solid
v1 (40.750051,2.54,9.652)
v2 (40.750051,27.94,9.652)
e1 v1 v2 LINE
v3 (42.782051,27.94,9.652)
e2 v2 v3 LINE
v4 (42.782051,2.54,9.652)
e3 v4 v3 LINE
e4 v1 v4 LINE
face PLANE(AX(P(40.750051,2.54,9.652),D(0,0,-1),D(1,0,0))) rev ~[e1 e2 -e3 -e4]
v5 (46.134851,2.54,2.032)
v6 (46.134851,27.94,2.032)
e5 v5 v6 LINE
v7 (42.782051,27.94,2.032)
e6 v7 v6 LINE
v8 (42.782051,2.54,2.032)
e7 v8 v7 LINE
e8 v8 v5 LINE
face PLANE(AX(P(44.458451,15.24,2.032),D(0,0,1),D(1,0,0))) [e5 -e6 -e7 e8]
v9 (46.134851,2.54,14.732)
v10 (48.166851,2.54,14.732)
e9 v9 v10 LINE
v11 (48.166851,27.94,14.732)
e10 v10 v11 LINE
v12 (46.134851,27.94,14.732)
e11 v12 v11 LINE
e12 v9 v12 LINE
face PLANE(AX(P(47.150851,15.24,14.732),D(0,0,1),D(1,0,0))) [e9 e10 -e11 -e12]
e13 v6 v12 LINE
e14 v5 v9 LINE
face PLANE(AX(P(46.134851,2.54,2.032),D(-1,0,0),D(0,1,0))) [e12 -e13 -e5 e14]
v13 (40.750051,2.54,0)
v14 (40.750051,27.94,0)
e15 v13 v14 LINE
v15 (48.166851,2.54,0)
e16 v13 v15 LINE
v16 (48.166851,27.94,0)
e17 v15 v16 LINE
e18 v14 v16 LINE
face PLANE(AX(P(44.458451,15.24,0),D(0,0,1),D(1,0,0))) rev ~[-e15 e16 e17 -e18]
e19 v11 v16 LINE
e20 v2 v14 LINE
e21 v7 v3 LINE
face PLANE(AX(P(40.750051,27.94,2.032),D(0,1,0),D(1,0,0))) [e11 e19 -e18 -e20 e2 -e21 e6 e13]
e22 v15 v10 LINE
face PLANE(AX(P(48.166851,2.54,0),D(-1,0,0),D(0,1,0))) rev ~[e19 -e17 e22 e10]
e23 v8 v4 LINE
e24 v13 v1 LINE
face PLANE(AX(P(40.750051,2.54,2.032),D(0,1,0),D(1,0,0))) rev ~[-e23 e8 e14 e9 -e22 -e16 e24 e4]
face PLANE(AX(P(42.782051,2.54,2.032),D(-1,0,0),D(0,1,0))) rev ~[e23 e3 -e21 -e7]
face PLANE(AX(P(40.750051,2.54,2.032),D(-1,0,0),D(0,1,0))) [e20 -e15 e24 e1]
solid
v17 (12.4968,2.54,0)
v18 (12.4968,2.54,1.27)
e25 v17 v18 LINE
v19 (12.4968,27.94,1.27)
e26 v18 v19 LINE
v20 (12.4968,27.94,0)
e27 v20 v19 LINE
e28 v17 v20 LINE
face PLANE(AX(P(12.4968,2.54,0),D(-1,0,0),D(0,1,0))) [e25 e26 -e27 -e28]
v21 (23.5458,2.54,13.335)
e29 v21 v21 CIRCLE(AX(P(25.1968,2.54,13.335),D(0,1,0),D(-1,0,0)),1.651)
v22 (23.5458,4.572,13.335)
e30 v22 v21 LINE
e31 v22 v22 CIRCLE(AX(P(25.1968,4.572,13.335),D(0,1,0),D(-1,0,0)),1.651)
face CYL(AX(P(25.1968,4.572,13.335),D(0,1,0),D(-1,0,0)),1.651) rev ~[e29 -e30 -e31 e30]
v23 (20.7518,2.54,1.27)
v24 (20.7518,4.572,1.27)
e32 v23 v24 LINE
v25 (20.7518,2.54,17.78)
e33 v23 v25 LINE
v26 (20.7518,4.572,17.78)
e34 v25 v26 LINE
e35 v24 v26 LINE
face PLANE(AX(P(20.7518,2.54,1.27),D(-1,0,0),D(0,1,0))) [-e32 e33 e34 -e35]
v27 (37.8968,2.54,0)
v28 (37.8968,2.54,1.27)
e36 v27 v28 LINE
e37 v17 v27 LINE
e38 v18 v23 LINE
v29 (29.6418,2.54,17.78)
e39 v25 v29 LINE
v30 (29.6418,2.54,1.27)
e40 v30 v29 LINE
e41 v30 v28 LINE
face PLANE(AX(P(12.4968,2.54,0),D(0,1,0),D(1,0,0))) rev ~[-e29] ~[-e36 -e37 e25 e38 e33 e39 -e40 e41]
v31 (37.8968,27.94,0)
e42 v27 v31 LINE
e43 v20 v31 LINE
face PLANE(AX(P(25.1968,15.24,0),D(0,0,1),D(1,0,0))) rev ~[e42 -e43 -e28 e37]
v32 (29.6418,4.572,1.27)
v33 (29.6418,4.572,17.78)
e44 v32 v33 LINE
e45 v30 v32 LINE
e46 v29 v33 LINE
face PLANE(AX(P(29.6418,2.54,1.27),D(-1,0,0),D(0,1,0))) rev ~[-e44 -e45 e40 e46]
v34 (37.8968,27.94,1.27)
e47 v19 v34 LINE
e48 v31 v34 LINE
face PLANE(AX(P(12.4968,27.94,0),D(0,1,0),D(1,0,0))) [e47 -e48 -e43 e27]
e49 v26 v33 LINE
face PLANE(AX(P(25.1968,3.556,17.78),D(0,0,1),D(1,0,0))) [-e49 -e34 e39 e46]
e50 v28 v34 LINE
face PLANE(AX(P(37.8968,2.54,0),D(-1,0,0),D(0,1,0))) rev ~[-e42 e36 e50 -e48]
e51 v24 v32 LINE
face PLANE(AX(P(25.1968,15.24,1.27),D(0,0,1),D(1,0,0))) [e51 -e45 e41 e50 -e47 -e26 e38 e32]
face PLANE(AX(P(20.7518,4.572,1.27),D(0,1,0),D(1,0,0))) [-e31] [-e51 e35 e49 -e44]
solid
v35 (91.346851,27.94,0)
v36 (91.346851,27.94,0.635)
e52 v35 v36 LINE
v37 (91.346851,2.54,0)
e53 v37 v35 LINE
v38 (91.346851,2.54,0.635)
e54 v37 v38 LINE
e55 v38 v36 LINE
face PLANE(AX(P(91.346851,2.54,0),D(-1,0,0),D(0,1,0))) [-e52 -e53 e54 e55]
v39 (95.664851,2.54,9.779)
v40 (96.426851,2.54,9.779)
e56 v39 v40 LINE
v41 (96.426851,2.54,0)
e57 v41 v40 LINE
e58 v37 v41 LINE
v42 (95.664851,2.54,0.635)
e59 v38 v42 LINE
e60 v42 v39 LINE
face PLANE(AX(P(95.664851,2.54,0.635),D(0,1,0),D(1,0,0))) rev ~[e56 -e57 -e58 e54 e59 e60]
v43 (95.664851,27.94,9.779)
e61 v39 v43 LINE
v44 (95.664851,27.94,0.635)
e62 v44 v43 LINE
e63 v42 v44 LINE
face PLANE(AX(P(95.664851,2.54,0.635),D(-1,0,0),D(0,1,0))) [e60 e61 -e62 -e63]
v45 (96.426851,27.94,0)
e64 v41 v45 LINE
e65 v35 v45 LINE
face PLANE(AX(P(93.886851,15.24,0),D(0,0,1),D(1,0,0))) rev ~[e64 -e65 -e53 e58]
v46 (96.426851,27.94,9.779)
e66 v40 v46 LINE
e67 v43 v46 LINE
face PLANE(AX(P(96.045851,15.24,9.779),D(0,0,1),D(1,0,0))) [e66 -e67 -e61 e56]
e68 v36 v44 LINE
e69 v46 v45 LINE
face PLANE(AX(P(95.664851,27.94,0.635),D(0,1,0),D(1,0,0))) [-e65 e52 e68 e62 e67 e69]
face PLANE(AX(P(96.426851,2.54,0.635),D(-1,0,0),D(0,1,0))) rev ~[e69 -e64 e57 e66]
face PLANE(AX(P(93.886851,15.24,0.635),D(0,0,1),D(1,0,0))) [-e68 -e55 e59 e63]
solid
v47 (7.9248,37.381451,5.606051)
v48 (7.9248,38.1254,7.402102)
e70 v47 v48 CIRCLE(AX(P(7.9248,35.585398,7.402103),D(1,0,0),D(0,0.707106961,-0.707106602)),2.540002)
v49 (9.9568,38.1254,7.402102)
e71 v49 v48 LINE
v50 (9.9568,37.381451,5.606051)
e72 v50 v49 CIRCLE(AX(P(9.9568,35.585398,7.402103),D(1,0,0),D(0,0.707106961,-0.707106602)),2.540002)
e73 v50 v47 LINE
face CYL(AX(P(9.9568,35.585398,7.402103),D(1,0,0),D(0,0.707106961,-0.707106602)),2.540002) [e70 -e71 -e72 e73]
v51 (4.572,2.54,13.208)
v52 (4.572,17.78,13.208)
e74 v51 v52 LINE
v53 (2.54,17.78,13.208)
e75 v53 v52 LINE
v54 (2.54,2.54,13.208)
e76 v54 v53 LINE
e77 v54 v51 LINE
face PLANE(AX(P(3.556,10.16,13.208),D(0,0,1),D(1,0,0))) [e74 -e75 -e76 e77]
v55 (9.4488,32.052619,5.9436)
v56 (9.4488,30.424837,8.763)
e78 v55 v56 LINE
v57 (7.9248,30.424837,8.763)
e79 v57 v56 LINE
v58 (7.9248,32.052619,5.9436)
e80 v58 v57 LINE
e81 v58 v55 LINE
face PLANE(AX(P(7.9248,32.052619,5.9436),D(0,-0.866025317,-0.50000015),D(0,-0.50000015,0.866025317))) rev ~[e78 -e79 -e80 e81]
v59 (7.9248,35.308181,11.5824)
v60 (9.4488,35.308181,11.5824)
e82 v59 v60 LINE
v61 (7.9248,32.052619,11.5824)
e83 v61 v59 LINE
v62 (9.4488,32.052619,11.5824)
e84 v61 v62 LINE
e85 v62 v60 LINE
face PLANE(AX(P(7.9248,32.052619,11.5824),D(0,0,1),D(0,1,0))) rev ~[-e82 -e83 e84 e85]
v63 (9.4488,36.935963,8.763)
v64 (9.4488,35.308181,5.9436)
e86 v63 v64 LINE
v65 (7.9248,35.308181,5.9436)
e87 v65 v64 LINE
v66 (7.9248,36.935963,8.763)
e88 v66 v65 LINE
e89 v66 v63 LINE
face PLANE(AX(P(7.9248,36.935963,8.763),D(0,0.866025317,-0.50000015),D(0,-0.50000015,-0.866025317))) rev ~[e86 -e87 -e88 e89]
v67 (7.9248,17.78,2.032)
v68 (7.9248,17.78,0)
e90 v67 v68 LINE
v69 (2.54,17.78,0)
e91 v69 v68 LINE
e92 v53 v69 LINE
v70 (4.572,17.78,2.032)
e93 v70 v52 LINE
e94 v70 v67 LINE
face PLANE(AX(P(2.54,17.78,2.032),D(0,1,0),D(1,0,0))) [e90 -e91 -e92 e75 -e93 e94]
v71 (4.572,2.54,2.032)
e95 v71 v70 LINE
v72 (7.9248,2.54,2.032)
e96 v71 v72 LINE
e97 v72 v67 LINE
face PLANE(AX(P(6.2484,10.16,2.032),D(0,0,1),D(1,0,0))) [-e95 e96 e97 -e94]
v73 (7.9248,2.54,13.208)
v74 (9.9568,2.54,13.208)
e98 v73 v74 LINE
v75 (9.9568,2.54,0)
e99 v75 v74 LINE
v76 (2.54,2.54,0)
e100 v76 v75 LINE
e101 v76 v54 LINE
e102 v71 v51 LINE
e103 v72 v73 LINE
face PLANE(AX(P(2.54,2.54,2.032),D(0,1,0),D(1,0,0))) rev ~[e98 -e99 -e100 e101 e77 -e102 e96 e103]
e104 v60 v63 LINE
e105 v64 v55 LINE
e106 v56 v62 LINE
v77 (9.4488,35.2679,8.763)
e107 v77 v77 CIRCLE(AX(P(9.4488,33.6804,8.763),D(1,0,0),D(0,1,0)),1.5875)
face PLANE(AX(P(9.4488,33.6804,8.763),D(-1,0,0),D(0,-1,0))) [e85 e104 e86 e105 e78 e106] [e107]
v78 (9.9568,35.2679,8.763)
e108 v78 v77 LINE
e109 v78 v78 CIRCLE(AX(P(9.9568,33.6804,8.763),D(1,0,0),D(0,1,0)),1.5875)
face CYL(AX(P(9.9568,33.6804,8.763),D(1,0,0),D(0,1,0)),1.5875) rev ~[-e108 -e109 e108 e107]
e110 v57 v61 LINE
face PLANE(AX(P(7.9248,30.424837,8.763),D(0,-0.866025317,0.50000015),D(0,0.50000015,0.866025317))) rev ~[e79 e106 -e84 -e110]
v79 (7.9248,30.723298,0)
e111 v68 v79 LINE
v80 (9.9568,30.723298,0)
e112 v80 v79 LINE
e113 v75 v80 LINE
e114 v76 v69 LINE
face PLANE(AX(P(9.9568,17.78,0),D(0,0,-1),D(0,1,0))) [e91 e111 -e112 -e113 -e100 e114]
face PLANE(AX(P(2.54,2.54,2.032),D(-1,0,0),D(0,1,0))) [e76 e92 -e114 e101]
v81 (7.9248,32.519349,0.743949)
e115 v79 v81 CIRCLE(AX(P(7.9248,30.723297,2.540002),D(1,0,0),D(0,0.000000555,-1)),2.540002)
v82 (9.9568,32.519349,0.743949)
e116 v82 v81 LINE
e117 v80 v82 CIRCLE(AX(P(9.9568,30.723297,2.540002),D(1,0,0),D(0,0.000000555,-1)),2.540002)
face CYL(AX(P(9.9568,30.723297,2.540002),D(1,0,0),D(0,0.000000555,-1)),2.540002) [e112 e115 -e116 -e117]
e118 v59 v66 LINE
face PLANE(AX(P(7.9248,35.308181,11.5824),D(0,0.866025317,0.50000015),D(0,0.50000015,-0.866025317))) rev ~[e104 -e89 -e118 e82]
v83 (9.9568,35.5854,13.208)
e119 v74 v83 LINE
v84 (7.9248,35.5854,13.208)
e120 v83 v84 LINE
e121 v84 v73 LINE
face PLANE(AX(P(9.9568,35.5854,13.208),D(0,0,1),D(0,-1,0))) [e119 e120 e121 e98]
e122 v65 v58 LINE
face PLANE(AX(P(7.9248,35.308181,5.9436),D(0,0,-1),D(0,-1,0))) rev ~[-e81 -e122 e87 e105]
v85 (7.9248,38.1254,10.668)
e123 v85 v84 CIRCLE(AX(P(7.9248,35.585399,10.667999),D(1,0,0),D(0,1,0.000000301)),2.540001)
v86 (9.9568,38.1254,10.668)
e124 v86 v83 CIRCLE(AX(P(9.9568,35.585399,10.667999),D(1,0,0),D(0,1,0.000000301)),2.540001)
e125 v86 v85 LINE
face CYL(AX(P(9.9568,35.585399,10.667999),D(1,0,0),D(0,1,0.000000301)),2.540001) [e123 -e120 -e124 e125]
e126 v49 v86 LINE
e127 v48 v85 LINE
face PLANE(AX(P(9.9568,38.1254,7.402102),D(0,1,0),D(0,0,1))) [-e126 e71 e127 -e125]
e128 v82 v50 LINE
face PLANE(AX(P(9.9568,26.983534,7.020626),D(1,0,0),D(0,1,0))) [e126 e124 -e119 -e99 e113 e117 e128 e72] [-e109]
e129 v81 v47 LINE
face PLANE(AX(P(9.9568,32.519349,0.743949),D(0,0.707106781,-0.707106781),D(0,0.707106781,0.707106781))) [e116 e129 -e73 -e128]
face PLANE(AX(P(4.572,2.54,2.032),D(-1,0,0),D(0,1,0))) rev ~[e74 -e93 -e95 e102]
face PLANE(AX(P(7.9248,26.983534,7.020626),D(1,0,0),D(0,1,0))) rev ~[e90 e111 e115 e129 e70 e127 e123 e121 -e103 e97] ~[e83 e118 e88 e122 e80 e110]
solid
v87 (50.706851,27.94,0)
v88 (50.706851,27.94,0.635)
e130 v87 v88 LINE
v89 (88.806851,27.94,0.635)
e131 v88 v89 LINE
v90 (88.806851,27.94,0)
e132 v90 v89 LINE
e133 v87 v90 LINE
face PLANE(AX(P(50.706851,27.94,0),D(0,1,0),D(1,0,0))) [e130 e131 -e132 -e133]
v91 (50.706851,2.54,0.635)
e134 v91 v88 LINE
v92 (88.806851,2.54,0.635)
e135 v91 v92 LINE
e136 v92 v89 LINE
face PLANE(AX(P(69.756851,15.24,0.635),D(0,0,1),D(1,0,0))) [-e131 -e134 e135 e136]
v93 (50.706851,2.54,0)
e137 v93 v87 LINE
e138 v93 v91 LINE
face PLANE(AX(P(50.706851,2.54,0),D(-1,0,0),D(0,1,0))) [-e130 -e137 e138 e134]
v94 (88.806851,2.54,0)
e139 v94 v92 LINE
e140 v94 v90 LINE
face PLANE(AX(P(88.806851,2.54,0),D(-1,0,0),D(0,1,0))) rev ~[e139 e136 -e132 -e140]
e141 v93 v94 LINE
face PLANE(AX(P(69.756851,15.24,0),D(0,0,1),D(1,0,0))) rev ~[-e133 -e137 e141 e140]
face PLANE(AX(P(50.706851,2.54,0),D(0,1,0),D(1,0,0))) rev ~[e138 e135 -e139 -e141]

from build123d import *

# Parameters (mm, degrees)
F0_W      = 7.4168
F0_H      = 15.24
F1_DEPTH  = 2.032
F2_W      = 2.032
F2_H      = 15.24
F3_DEPTH  = 11.176
F4_R      = 1.5875
F5_DEPTH  = 2.032
F7_DEPTH  = 1.524
F8_W      = 25.4
F8_H      = 25.4
F9_DEPTH  = 1.27
F10_W     = 8.89
F10_H     = 2.032
F11_DEPTH = 16.51
F12_R     = 1.651
F13_DEPTH = 2.032
F14_W     = 7.4168
F14_H     = 25.4
F15_DEPTH = 2.032
F16_W     = 2.032
F16_H     = 25.4
F17_DEPTH = 12.7
F18_W     = 2.032
F18_H     = 5.08
F19_DEPTH = 25.4
F20_W     = 38.1
F20_H     = 25.4
F20_W_2   = 5.08
F21_DEPTH = 0.635
F22_W     = 0.762
F22_H     = 25.4
F23_DEPTH = 9.144


with BuildPart() as f1:
    # F0 (on Top) → F1 (new body)
    with BuildSketch(Plane.XY):
        with Locations((6.2484, 10.16)):
            Rectangle(F0_W, F0_H)
    extrude(amount=F1_DEPTH)

    # F2 (on face) → F3 (join)
    with BuildSketch(Plane.XY.offset(2.032)):
        with Locations((3.556, 10.16)):
            Rectangle(F2_W, F2_H)
        with Locations((8.9408, 10.16)):
            Rectangle(F2_W, F2_H)
    extrude(amount=F3_DEPTH)

    # F4 (on face) → F5 (join)
    with BuildSketch(Plane.YZ.offset(9.9568)):
        with BuildLine():
            Line((17.78, 13.208), (17.78, 0))
            Line((17.78, 0), (30.723298, 0))
            ThreePointArc((30.723298, 0), (31.695313, 0.193346), (32.519349, 0.743949))
            Line((32.519349, 0.743949), (37.381451, 5.606051))
            ThreePointArc((37.381451, 5.606051), (37.932054, 6.430087), (38.1254, 7.402102))
            Line((38.1254, 7.402102), (38.1254, 10.668))
            ThreePointArc((38.1254, 10.668), (37.381451, 12.464051), (35.5854, 13.208))
            Line((35.5854, 13.208), (17.78, 13.208))
        make_face()
        with Locations((33.6804, 8.763)):
            Circle(F4_R, mode=Mode.SUBTRACT)
    extrude(amount=-F5_DEPTH)

    # F6 (on face) → F7 (cut)
    with BuildSketch(Plane(origin=(7.9248, 0, 0), x_dir=(0, -1, 0), z_dir=(-1, 0, 0))):
        Polygon((-35.308181, 11.5824), (-36.935963, 8.763), (-35.308181, 5.9436), (-32.052619, 5.9436), (-30.424837, 8.763), (-32.052619, 11.5824), align=None)
    extrude(amount=-F7_DEPTH, mode=Mode.SUBTRACT)


with BuildPart() as f9:
    # F8 (on Top) → F9 (new body)
    with BuildSketch(Plane.XY):
        with Locations((25.1968, 15.24)):
            Rectangle(F8_W, F8_H)
    extrude(amount=F9_DEPTH)

    # F10 (on face) → F11 (join)
    with BuildSketch(Plane.XY.offset(1.27)):
        with Locations((25.1968, 3.556)):
            Rectangle(F10_W, F10_H)
    extrude(amount=F11_DEPTH)

    # F12 (on face) → F13 (cut, through all)
    with BuildSketch(Plane(origin=(0, 4.572, 0), x_dir=(-1, 0, 0), z_dir=(0, 1, 0))):
        with Locations((-25.1968, 13.335)):
            Circle(F12_R)
    extrude(amount=-F13_DEPTH, mode=Mode.SUBTRACT)


with BuildPart() as f15:
    # F14 (on Top) → F15 (new body)
    with BuildSketch(Plane.XY):
        with Locations((44.458451, 15.24)):
            Rectangle(F14_W, F14_H)
    extrude(amount=F15_DEPTH)

    # F16 (on face) → F17 (join)
    with BuildSketch(Plane.XY.offset(2.032)):
        with Locations((41.766051, 15.24)):
            Rectangle(F16_W, F16_H)
        with Locations((47.150851, 15.24)):
            Rectangle(F16_W, F16_H)
    extrude(amount=F17_DEPTH)

    # F18 (on face) → F19 (cut, through all)
    with BuildSketch(Plane.XZ.offset(-2.54)):
        with Locations((41.766051, 12.192)):
            Rectangle(F18_W, F18_H)
    extrude(amount=-F19_DEPTH, mode=Mode.SUBTRACT)


with BuildPart() as f21:
    # F20 (on Top) → F21 (new body)
    with BuildSketch(Plane.XY):
        with Locations((69.756851, 15.24)):
            Rectangle(F20_W, F20_H)
        with Locations((93.886851, 15.24)):
            Rectangle(F20_W_2, F20_H)
    extrude(amount=F21_DEPTH)

    # F22 (on face) → F23 (join)
    with BuildSketch(Plane.XY.offset(0.635)):
        with Locations((96.045851, 15.24)):
            Rectangle(F22_W, F22_H)
    extrude(amount=F23_DEPTH)


solid = Compound([f1.part, f9.part, f15.part, f21.part])
